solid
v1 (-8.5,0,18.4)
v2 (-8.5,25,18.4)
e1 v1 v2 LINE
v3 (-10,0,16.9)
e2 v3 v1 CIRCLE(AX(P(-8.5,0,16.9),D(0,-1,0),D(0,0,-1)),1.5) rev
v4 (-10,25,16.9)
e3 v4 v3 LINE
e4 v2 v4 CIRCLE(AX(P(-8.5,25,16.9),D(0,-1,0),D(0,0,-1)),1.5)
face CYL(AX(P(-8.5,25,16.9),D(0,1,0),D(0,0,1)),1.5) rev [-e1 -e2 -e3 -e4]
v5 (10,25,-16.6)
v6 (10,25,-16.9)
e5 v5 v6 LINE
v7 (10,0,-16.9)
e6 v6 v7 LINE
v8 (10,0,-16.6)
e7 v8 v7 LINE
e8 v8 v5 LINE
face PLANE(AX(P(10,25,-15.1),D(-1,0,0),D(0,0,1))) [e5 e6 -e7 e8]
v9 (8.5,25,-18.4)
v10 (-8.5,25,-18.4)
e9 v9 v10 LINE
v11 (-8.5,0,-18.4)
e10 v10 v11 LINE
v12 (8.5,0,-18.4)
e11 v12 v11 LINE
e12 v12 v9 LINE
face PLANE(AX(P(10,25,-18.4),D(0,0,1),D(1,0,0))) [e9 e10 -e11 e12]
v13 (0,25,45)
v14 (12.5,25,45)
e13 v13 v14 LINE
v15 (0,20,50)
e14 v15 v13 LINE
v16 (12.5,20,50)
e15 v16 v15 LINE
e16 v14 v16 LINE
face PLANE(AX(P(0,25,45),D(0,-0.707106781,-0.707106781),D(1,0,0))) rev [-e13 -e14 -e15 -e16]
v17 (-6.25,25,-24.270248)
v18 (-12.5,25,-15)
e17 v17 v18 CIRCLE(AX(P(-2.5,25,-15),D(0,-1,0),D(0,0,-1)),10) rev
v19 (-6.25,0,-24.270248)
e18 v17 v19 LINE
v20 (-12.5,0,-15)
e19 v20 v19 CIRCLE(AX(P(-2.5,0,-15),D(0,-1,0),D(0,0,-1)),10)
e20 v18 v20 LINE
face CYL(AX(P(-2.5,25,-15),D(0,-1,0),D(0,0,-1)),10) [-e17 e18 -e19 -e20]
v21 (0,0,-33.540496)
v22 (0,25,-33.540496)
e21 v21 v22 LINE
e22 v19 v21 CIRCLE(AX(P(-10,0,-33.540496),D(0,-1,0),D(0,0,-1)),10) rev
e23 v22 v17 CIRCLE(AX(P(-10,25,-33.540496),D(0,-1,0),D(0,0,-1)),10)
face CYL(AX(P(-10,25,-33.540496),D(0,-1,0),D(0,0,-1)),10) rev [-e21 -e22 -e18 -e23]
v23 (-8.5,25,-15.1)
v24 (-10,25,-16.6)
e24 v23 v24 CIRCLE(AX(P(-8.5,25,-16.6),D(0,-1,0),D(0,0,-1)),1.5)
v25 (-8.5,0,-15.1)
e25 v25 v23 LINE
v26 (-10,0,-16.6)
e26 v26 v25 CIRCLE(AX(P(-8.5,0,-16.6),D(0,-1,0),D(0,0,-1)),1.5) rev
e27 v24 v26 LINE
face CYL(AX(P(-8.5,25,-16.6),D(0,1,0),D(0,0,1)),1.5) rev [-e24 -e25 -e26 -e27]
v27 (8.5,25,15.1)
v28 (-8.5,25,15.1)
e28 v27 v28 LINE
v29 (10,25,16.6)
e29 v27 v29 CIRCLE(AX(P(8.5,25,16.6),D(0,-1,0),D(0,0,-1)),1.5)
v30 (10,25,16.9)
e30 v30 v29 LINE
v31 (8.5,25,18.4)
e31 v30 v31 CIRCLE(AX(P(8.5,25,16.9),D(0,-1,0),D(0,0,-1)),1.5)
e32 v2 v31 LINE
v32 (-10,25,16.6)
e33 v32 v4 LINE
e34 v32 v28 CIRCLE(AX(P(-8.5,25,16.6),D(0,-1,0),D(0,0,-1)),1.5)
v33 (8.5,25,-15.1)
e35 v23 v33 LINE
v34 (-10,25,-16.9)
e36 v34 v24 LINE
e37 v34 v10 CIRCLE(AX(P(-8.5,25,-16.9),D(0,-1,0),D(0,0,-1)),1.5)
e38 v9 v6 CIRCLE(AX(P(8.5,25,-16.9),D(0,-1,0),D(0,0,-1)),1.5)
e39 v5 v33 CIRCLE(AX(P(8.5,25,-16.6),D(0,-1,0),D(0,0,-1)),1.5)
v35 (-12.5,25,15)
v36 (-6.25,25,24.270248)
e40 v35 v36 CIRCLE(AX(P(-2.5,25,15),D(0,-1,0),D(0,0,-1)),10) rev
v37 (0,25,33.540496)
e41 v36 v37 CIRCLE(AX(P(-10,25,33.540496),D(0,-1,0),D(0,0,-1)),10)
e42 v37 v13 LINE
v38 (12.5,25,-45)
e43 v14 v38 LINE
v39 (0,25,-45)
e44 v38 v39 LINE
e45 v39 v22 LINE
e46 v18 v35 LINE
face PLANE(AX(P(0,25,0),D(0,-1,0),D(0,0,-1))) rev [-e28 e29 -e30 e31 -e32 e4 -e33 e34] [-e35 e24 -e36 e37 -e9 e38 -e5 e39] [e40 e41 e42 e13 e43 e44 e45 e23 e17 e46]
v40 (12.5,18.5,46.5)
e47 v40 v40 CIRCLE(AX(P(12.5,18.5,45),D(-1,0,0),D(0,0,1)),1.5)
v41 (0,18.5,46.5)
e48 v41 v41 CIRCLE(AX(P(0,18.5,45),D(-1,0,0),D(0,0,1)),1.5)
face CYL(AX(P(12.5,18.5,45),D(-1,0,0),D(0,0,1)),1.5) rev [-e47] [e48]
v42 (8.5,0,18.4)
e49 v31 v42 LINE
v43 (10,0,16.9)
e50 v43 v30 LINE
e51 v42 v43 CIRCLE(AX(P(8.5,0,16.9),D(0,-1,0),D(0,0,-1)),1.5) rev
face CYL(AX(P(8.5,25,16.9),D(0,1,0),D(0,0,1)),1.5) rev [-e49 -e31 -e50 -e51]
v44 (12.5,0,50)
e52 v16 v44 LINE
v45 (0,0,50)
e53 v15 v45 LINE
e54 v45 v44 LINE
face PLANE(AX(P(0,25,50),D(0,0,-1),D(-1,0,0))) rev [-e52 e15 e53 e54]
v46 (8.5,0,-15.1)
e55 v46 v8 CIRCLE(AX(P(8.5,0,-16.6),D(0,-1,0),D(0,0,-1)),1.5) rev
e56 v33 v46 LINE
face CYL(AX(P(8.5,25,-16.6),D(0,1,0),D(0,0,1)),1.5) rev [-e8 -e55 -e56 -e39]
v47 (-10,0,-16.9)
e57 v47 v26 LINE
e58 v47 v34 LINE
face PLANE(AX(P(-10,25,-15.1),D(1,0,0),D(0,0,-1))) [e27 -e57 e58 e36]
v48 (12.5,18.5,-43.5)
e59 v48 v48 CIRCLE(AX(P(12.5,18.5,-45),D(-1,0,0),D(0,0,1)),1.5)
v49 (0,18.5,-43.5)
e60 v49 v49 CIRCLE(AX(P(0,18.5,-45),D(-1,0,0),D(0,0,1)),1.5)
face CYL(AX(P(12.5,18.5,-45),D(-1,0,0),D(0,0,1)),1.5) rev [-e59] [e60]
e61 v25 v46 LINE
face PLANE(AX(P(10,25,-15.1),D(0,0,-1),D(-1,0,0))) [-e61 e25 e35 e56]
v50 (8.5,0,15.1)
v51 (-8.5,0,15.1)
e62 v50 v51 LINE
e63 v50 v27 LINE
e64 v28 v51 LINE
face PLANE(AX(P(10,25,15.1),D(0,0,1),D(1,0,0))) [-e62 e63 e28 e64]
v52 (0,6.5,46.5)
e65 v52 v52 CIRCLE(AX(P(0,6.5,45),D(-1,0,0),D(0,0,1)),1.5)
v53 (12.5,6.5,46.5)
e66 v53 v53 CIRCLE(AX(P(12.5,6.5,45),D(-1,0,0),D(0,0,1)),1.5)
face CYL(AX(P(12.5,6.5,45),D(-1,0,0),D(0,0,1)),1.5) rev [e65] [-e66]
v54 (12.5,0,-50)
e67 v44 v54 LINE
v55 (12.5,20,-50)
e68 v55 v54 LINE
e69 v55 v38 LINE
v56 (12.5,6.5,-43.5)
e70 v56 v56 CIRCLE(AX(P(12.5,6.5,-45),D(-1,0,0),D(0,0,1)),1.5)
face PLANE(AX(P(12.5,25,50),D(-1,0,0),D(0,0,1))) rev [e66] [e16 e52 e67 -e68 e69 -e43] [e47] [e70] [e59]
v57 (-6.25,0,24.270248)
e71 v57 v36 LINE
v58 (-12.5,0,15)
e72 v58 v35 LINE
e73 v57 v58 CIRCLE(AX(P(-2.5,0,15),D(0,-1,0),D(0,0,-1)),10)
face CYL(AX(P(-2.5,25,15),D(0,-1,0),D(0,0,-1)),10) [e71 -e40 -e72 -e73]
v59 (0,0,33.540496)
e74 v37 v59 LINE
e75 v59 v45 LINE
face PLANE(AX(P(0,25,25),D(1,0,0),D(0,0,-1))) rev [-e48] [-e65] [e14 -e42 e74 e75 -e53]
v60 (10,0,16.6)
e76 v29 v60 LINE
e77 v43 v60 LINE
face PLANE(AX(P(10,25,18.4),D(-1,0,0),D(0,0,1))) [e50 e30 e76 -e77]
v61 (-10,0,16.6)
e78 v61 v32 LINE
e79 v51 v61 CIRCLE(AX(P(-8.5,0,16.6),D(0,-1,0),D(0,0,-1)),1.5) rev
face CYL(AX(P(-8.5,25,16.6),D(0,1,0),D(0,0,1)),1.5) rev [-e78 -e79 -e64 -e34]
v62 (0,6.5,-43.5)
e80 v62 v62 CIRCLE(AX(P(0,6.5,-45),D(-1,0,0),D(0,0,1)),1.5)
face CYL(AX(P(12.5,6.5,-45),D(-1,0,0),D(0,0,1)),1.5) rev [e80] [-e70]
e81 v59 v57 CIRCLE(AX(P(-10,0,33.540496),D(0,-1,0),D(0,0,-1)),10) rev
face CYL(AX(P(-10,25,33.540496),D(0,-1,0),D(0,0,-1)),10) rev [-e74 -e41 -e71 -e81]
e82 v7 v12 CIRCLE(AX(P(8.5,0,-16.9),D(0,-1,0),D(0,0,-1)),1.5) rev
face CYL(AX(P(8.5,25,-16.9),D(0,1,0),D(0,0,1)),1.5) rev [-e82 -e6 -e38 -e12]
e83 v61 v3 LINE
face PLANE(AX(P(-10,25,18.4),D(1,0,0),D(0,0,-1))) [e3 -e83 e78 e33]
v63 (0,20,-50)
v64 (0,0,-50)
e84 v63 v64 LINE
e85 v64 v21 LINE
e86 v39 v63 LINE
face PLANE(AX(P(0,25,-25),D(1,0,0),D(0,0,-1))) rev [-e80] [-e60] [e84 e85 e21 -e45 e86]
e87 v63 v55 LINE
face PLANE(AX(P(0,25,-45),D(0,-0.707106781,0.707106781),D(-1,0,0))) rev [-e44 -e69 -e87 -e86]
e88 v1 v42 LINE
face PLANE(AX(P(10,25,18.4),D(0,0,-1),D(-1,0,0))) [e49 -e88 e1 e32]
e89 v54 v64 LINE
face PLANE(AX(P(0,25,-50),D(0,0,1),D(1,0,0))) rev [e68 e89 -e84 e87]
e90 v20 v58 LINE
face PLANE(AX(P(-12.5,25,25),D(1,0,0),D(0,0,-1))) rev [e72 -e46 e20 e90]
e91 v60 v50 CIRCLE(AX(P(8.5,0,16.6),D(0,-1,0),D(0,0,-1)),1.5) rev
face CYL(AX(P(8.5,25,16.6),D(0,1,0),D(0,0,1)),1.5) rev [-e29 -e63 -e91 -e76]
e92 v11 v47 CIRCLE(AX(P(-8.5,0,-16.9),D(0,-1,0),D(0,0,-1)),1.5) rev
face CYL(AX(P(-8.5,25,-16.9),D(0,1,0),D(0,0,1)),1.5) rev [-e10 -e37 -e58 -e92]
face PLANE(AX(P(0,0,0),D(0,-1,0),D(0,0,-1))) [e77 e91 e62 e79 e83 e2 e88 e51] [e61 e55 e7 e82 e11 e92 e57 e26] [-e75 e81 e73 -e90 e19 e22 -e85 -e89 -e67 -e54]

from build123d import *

# Parameters (mm, degrees)
SKETCH_1_W          = 20
SKETCH_1_H          = 3.3
EXTRUDE_1_DEPTH     = 25
SKETCH_2_R          = 1.5
CUT_EXTRUDE_1_DEPTH = 13.5
SKETCH_3_R          = 1.5
CUT_EXTRUDE_2_DEPTH = 13.5
FILLET_6_R          = 10
FILLET_7_R          = 1.5
CHAMFER_1_SIZE      = 5
FILLET_8_R          = 10


with BuildPart() as part:
    # Эскиз1 → Бобышка-Вытянуть1 (new body)
    with BuildSketch(Plane(origin=(0, 0, 0), x_dir=(1, 0, 0), z_dir=(0, 1, 0))):
        Polygon((-12.5, -25), (0, -25), (0, -50), (12.5, -50), (12.5, 50), (0, 50), (0, 25), (-12.5, 25), align=None)
        with Locations((0, 16.75)):
            Rectangle(SKETCH_1_W, SKETCH_1_H, mode=Mode.SUBTRACT)
        with Locations((0, -16.75)):
            Rectangle(SKETCH_1_W, SKETCH_1_H, mode=Mode.SUBTRACT)
    extrude(amount=EXTRUDE_1_DEPTH)

    # Эскиз2 → Вырез-Вытянуть1 (cut, through all)
    with BuildSketch(Plane.ZY):
        with Locations((-45, 6.5)):
            Circle(SKETCH_2_R)
        with Locations((-45, 18.5)):
            Circle(SKETCH_2_R)
    extrude(amount=-CUT_EXTRUDE_1_DEPTH, mode=Mode.SUBTRACT)

    # Эскиз3 → Вырез-Вытянуть2 (cut, through all)
    with BuildSketch(Plane.ZY):
        with Locations((45, 6.5)):
            Circle(SKETCH_3_R)
        with Locations((45, 18.5)):
            Circle(SKETCH_3_R)
    extrude(amount=-CUT_EXTRUDE_2_DEPTH, mode=Mode.SUBTRACT)

    # Скругление6
    fillet_6_edges = [part.edges().sort_by_distance(p)[0] for p in [
        (-12.5, 12.5, 25),
        (-12.5, 12.5, -25),
    ]]
    fillet(fillet_6_edges, radius=FILLET_6_R)

    # Скругление7
    fillet_7_edges = [part.edges().sort_by_distance(p)[0] for p in [
        (-10, 12.5, -18.4),
        (-10, 12.5, -15.1),
        (10, 12.5, -15.1),
        (10, 12.5, -18.4),
        (-10, 12.5, 15.1),
        (-10, 12.5, 18.4),
        (10, 12.5, 18.4),
        (10, 12.5, 15.1),
    ]]
    fillet(fillet_7_edges, radius=FILLET_7_R)

    # Фаска1
    chamfer_1_edges = [part.edges().sort_by_distance(p)[0] for p in [
        (6.25, 25, 50),
        (6.25, 25, -50),
    ]]
    chamfer(chamfer_1_edges, length=CHAMFER_1_SIZE)

    # Скругление8
    fillet_8_edges = [part.edges().sort_by_distance(p)[0] for p in [
        (0, 12.5, 25),
        (0, 12.5, -25),
    ]]
    fillet(fillet_8_edges, radius=FILLET_8_R)


solid = part.part
